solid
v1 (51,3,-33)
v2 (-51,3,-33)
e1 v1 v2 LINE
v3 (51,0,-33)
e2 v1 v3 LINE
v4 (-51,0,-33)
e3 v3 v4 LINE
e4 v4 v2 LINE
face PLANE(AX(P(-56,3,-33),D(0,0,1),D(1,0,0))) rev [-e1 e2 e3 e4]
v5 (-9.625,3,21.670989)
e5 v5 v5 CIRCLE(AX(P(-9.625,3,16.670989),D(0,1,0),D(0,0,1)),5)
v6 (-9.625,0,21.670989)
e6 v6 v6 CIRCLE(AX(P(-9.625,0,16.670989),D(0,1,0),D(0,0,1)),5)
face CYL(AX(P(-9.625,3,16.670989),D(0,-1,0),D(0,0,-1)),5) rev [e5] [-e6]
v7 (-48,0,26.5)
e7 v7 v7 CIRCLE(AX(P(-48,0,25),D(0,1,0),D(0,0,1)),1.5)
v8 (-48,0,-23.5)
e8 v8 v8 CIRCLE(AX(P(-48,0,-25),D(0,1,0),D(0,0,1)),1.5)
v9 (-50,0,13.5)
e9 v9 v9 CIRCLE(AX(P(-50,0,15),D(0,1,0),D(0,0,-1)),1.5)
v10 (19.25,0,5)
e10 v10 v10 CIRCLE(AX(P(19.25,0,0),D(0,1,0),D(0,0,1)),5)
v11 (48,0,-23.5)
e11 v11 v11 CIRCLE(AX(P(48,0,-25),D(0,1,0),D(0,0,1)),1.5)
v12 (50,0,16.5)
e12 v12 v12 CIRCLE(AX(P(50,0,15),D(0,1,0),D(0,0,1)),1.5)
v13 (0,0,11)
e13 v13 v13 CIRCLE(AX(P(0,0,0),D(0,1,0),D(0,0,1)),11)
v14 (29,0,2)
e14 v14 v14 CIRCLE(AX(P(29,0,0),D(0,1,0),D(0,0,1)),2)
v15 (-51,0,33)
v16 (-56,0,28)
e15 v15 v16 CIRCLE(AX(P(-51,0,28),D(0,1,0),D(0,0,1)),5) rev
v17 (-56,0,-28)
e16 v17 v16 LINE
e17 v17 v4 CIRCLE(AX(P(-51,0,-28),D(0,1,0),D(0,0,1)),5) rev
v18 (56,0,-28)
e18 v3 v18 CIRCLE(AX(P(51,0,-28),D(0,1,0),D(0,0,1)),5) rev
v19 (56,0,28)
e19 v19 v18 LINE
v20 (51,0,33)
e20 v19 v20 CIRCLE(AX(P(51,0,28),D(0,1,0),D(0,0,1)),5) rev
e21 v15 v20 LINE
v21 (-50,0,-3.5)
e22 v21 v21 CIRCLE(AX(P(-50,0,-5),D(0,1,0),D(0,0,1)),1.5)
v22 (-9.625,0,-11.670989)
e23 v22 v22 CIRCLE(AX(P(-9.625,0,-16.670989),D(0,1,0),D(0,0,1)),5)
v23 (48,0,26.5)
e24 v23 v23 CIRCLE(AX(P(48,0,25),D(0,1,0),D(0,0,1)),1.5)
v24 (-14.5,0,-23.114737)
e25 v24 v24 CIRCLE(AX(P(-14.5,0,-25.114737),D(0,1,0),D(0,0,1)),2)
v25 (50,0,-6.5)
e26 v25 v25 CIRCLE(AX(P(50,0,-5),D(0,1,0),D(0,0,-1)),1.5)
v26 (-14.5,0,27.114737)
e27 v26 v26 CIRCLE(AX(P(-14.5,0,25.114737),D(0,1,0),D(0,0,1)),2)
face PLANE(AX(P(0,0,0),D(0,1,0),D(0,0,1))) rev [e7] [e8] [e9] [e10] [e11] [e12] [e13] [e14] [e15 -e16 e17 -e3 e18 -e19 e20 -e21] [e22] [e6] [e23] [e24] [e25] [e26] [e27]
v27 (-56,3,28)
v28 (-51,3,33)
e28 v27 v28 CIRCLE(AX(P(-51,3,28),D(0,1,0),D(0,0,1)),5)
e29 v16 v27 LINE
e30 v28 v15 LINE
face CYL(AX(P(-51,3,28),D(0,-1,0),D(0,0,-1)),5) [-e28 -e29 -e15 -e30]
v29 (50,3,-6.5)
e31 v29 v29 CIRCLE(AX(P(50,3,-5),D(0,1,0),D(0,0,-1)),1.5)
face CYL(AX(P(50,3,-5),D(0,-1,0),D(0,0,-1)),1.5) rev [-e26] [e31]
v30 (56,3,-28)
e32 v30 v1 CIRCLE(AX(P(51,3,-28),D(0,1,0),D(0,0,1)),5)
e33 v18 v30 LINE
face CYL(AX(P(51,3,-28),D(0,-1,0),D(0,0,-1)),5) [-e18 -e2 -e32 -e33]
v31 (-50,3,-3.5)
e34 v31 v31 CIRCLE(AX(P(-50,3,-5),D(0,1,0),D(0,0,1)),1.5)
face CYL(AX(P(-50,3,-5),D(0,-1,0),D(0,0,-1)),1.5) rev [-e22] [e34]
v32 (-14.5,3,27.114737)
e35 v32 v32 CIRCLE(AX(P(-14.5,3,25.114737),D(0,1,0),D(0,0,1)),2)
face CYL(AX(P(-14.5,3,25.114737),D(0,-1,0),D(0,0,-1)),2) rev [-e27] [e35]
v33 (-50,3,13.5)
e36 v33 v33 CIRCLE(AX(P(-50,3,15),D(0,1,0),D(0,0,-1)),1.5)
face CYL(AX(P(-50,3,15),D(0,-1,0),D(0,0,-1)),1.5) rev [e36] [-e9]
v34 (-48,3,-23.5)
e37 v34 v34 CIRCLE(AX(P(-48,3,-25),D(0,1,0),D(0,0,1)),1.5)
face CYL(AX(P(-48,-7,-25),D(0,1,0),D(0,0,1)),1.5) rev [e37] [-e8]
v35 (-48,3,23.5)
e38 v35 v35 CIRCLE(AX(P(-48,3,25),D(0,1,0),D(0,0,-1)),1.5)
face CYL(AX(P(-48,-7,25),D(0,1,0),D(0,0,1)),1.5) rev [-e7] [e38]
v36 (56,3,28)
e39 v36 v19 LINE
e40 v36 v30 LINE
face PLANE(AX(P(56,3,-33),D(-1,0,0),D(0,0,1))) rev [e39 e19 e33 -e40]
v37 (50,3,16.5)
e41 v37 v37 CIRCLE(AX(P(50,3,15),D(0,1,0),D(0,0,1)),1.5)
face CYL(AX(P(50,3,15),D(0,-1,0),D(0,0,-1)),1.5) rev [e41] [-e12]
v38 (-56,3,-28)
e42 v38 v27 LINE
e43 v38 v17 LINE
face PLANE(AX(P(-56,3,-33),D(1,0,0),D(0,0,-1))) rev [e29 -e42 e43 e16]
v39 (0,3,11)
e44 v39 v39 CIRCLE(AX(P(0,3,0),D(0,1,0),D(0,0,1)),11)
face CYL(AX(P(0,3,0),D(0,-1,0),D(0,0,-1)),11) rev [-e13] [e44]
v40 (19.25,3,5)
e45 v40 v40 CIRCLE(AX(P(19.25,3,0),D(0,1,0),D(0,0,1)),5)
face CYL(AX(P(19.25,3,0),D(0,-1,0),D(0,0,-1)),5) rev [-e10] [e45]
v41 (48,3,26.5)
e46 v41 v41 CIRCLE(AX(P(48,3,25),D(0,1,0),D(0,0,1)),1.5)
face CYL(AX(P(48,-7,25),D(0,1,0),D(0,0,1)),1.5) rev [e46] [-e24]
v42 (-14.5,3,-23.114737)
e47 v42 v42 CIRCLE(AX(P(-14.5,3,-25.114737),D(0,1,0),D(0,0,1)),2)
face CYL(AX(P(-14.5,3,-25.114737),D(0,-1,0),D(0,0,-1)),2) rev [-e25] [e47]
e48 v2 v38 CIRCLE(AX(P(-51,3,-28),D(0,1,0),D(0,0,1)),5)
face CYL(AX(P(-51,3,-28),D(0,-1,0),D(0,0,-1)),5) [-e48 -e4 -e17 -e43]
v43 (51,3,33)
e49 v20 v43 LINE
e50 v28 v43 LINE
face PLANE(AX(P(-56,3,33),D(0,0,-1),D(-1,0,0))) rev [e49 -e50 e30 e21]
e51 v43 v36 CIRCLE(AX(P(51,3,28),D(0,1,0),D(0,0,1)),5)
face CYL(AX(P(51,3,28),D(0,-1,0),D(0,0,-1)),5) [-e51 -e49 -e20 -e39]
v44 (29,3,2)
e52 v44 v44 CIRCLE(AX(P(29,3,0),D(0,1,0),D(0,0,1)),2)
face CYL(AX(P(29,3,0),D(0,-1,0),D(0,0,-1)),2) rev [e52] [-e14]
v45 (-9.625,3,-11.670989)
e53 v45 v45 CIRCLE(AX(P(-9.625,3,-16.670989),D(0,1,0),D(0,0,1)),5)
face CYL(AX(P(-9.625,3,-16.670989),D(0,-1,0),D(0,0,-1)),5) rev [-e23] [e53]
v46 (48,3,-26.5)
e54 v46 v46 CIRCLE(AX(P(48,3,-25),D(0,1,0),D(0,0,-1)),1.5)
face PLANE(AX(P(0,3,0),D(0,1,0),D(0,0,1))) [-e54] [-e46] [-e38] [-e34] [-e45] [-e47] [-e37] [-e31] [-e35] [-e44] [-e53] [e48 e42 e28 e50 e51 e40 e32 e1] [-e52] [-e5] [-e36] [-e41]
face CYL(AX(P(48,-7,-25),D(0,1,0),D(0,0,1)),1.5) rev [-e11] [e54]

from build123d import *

# Parameters (mm, degrees)
SKETCH_1_W          = 112
SKETCH_1_H          = 66
SKETCH_1_R          = 1.5
SKETCH_1_R_2        = 2
SKETCH_1_R_3        = 11
SKETCH_1_R_4        = 5
EXTRUDE_1_DEPTH     = 3
FILLET_1_R          = 5
SKETCH_2_R          = 1.5
CUT_EXTRUDE_1_DEPTH = 10


with BuildPart() as part:
    # 草图1 → 凸台-拉伸1 (new body)
    with BuildSketch(Plane(origin=(0, 0, 0), x_dir=(1, 0, 0), z_dir=(0, 1, 0))):
        Rectangle(SKETCH_1_W, SKETCH_1_H)
        with Locations(Location((-50, 5, 0), (0, 0, 270))):
            Circle(SKETCH_1_R, mode=Mode.SUBTRACT)
        with Locations(Location((-50, -15, 0), (0, 0, 90))):
            Circle(SKETCH_1_R, mode=Mode.SUBTRACT)
        with Locations(Location((50, -15, 0), (0, 0, 270))):
            Circle(SKETCH_1_R, mode=Mode.SUBTRACT)
        with Locations(Location((50, 5, 0), (0, 0, 90))):
            Circle(SKETCH_1_R, mode=Mode.SUBTRACT)
        with Locations(Location((-14.5, 25.11473671, 0), (0, 0, 270))):
            Circle(SKETCH_1_R_2, mode=Mode.SUBTRACT)
        with Locations(Location((29, 0, 0), (0, 0, 270))):
            Circle(SKETCH_1_R_2, mode=Mode.SUBTRACT)
        with Locations(Location((-14.5, -25.11473671, 0), (0, 0, 270))):
            Circle(SKETCH_1_R_2, mode=Mode.SUBTRACT)
        with Locations(Location((0, 0, 0), (0, 0, 270))):
            Circle(SKETCH_1_R_3, mode=Mode.SUBTRACT)
        with Locations(Location((19.25, 0, 0), (0, 0, 270))):
            Circle(SKETCH_1_R_4, mode=Mode.SUBTRACT)
        with Locations(Location((-9.625, -16.670989023, 0), (0, 0, 270))):
            Circle(SKETCH_1_R_4, mode=Mode.SUBTRACT)
        with Locations(Location((-9.625, 16.670989023, 0), (0, 0, 270))):
            Circle(SKETCH_1_R_4, mode=Mode.SUBTRACT)
    extrude(amount=EXTRUDE_1_DEPTH)

    # 圆角1
    fillet_1_edges = [part.edges().sort_by_distance(p)[0] for p in [
        (56, 1.5, 33),
        (-56, 1.5, 33),
        (-56, 1.5, -33),
        (56, 1.5, -33),
    ]]
    fillet(fillet_1_edges, radius=FILLET_1_R)

    # 草图2 → 切除-拉伸1 (cut)
    with BuildSketch(Plane(origin=(0, 3, 0), x_dir=(1, 0, 0), z_dir=(0, 1, 0))):
        with Locations(Location((-48, 25, 0), (0, 0, 270))):
            Circle(SKETCH_2_R)
        with Locations(Location((-48, -25, 0), (0, 0, 270))):
            Circle(SKETCH_2_R)
        with Locations(Location((48, -25, 0), (0, 0, 270))):
            Circle(SKETCH_2_R)
        with Locations(Location((48, 25, 0), (0, 0, 270))):
            Circle(SKETCH_2_R)
    extrude(amount=-CUT_EXTRUDE_1_DEPTH, mode=Mode.SUBTRACT)


solid = part.part
